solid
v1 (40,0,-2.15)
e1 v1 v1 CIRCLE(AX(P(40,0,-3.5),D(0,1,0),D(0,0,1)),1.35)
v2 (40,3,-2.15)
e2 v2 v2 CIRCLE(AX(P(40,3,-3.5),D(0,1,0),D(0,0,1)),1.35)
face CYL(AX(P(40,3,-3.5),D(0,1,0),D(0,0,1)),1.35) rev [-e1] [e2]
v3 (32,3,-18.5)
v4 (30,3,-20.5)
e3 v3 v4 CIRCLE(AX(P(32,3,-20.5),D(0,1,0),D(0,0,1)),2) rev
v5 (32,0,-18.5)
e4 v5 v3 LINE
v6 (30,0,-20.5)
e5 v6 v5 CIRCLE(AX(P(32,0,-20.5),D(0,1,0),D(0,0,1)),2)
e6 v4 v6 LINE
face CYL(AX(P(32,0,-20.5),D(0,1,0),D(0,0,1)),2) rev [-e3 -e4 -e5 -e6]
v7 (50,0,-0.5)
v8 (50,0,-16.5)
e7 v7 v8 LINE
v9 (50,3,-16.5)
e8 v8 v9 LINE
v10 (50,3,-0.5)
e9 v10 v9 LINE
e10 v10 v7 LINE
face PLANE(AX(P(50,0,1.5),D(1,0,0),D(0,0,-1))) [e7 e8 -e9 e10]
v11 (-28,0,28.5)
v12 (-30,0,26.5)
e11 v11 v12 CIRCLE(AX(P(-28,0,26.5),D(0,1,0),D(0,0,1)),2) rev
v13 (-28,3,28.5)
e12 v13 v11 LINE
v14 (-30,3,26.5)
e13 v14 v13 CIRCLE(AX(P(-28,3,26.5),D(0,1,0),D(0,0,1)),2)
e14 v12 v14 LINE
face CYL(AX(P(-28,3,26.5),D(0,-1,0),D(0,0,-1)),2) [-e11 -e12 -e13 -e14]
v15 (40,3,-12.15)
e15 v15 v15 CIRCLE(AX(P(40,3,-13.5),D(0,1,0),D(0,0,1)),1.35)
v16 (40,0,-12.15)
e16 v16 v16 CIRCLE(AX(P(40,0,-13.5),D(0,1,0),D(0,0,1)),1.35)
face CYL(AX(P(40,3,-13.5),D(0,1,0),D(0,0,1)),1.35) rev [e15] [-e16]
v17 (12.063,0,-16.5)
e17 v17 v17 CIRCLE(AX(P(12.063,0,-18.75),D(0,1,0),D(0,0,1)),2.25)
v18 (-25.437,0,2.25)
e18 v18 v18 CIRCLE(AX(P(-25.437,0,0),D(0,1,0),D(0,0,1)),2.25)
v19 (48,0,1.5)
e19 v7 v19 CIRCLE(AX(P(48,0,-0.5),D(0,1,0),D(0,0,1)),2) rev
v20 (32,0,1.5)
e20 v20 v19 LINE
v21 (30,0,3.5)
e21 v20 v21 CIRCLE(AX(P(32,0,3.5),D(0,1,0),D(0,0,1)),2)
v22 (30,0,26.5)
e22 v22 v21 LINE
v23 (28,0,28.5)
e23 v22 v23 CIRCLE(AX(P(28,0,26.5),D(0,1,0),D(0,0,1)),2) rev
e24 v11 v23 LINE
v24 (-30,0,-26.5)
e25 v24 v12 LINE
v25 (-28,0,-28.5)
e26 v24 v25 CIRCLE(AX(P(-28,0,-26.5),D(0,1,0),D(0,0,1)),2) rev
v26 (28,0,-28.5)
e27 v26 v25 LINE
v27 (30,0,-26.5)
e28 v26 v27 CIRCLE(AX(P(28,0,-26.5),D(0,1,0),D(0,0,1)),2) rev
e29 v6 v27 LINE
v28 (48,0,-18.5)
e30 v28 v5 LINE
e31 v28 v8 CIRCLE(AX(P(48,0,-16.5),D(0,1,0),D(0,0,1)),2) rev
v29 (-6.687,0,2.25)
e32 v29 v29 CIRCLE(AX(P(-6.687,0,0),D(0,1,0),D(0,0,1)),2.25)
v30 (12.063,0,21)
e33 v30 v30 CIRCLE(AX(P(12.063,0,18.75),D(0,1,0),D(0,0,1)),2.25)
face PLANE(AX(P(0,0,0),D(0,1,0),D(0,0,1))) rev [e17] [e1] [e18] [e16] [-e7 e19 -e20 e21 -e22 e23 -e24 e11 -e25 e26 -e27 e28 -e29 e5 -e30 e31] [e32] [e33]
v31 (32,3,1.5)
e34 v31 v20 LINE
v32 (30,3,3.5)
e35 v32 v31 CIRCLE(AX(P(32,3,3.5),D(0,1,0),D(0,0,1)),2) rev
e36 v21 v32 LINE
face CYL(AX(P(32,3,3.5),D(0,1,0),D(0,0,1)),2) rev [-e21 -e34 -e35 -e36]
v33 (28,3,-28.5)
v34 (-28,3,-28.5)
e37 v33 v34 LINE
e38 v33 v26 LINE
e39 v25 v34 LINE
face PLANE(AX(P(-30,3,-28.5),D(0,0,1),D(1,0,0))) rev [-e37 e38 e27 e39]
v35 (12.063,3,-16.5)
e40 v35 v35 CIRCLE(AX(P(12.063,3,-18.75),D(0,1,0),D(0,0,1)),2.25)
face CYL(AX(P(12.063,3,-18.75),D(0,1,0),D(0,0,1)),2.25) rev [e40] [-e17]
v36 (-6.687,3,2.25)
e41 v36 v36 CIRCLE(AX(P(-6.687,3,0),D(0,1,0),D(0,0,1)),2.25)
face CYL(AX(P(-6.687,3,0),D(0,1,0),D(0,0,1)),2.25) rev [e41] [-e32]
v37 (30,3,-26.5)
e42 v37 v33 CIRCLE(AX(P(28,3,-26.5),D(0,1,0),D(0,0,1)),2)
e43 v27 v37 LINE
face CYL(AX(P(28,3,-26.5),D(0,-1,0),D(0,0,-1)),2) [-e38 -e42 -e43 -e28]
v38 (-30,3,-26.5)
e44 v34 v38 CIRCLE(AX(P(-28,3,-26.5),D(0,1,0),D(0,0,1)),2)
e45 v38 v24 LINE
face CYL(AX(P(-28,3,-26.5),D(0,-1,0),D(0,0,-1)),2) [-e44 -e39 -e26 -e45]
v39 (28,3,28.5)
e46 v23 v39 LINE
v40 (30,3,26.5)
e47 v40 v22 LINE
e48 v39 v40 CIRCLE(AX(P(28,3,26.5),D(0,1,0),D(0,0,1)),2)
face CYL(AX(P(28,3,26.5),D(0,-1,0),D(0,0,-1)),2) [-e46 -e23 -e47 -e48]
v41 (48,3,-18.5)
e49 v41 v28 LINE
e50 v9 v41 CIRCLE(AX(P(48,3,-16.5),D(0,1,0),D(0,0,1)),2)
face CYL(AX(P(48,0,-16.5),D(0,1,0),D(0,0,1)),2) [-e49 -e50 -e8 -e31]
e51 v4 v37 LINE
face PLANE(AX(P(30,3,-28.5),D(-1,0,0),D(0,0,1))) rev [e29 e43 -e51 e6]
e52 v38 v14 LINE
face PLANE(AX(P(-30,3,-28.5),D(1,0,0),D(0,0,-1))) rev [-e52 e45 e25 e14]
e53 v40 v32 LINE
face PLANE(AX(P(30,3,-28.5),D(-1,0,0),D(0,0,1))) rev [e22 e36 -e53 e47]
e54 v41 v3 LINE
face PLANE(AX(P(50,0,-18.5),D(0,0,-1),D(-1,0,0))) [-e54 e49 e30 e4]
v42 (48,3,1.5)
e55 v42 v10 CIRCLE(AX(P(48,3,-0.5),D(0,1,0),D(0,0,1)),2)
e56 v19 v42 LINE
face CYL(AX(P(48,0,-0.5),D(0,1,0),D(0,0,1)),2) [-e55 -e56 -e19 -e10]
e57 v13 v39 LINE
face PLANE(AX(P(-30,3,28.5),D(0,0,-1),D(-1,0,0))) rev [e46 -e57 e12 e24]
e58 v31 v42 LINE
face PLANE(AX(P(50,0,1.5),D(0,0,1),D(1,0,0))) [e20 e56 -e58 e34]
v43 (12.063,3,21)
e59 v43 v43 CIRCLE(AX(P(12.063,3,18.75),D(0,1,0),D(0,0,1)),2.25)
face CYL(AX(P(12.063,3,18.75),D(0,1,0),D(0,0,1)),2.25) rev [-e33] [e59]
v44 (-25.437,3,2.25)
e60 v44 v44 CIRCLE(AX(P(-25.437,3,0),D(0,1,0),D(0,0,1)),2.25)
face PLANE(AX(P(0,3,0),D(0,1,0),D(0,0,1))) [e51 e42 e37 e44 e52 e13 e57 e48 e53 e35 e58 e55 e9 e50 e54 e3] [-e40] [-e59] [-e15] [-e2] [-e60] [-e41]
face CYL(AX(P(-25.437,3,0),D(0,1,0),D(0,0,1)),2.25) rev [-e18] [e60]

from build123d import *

# Parameters (mm, degrees)
SKETCH1_W                      = 60
SKETCH1_H                      = 57
BOSS_EXTRUDE1_DEPTH            = 3
F_4_5_4_5_DIAMETER_HOLE1_D     = 4.5
F_4_5_4_5_DIAMETER_HOLE1_DEPTH = 15
F_4_5_4_5_DIAMETER_HOLE1_TIP   = 1.351936393
SKETCH4_W                      = 20
SKETCH4_H                      = 20
BOSS_EXTRUDE2_DEPTH            = 3
F_2_7_2_7_DIAMETER_HOLE1_D     = 2.7
F_2_7_2_7_DIAMETER_HOLE1_DEPTH = 15
F_2_7_2_7_DIAMETER_HOLE1_TIP   = 0.811161836
FILLET1_R                      = 2


with BuildPart() as part:
    # Sketch1 → Boss-Extrude1 (new body)
    with BuildSketch(Plane(origin=(0, 0, 0), x_dir=(1, 0, 0), z_dir=(0, 1, 0))):
        Rectangle(SKETCH1_W, SKETCH1_H)
    extrude(amount=BOSS_EXTRUDE1_DEPTH)

    # Ø4.5 (4.5) Diameter Hole1
    with Locations(Plane(origin=(0, 3, 0), x_dir=(1, 0, 0), z_dir=(0, 1, 0))):
        with Locations((-25.437, 0), (-6.687, 0), (12.063, 18.75), (12.063, -18.75)):
            Hole(F_4_5_4_5_DIAMETER_HOLE1_D / 2, depth=F_4_5_4_5_DIAMETER_HOLE1_DEPTH)
            with Locations((0, 0, -(F_4_5_4_5_DIAMETER_HOLE1_DEPTH + F_4_5_4_5_DIAMETER_HOLE1_TIP / 2))):  # 118° drill point
                Cone(0, F_4_5_4_5_DIAMETER_HOLE1_D / 2, F_4_5_4_5_DIAMETER_HOLE1_TIP, mode=Mode.SUBTRACT)

    # Sketch4 → Boss-Extrude2 (add)
    with BuildSketch(Plane(origin=(0, 3, 0), x_dir=(1, 0, 0), z_dir=(0, 1, 0))):
        with Locations((40, 8.5)):
            Rectangle(SKETCH4_W, SKETCH4_H)
    extrude(amount=-BOSS_EXTRUDE2_DEPTH)

    # Ø2.7 (2.7) Diameter Hole1
    with Locations(Plane(origin=(0, 3, 0), x_dir=(1, 0, 0), z_dir=(0, 1, 0))):
        with Locations((40, 13.5), (40, 3.5)):
            Hole(F_2_7_2_7_DIAMETER_HOLE1_D / 2, depth=F_2_7_2_7_DIAMETER_HOLE1_DEPTH)
            with Locations((0, 0, -(F_2_7_2_7_DIAMETER_HOLE1_DEPTH + F_2_7_2_7_DIAMETER_HOLE1_TIP / 2))):  # 118° drill point
                Cone(0, F_2_7_2_7_DIAMETER_HOLE1_D / 2, F_2_7_2_7_DIAMETER_HOLE1_TIP, mode=Mode.SUBTRACT)

    # Fillet1
    fillet1_edges = [part.edges().sort_by_distance(p)[0] for p in [
        (30, 1.5, 1.5),
        (30, 1.5, -18.5),
        (50, 1.5, -18.5),
        (50, 1.5, 1.5),
        (30, 1.5, 28.5),
        (-30, 1.5, 28.5),
        (-30, 1.5, -28.5),
        (30, 1.5, -28.5),
    ]]
    fillet(fillet1_edges, radius=FILLET1_R)


solid = part.part
